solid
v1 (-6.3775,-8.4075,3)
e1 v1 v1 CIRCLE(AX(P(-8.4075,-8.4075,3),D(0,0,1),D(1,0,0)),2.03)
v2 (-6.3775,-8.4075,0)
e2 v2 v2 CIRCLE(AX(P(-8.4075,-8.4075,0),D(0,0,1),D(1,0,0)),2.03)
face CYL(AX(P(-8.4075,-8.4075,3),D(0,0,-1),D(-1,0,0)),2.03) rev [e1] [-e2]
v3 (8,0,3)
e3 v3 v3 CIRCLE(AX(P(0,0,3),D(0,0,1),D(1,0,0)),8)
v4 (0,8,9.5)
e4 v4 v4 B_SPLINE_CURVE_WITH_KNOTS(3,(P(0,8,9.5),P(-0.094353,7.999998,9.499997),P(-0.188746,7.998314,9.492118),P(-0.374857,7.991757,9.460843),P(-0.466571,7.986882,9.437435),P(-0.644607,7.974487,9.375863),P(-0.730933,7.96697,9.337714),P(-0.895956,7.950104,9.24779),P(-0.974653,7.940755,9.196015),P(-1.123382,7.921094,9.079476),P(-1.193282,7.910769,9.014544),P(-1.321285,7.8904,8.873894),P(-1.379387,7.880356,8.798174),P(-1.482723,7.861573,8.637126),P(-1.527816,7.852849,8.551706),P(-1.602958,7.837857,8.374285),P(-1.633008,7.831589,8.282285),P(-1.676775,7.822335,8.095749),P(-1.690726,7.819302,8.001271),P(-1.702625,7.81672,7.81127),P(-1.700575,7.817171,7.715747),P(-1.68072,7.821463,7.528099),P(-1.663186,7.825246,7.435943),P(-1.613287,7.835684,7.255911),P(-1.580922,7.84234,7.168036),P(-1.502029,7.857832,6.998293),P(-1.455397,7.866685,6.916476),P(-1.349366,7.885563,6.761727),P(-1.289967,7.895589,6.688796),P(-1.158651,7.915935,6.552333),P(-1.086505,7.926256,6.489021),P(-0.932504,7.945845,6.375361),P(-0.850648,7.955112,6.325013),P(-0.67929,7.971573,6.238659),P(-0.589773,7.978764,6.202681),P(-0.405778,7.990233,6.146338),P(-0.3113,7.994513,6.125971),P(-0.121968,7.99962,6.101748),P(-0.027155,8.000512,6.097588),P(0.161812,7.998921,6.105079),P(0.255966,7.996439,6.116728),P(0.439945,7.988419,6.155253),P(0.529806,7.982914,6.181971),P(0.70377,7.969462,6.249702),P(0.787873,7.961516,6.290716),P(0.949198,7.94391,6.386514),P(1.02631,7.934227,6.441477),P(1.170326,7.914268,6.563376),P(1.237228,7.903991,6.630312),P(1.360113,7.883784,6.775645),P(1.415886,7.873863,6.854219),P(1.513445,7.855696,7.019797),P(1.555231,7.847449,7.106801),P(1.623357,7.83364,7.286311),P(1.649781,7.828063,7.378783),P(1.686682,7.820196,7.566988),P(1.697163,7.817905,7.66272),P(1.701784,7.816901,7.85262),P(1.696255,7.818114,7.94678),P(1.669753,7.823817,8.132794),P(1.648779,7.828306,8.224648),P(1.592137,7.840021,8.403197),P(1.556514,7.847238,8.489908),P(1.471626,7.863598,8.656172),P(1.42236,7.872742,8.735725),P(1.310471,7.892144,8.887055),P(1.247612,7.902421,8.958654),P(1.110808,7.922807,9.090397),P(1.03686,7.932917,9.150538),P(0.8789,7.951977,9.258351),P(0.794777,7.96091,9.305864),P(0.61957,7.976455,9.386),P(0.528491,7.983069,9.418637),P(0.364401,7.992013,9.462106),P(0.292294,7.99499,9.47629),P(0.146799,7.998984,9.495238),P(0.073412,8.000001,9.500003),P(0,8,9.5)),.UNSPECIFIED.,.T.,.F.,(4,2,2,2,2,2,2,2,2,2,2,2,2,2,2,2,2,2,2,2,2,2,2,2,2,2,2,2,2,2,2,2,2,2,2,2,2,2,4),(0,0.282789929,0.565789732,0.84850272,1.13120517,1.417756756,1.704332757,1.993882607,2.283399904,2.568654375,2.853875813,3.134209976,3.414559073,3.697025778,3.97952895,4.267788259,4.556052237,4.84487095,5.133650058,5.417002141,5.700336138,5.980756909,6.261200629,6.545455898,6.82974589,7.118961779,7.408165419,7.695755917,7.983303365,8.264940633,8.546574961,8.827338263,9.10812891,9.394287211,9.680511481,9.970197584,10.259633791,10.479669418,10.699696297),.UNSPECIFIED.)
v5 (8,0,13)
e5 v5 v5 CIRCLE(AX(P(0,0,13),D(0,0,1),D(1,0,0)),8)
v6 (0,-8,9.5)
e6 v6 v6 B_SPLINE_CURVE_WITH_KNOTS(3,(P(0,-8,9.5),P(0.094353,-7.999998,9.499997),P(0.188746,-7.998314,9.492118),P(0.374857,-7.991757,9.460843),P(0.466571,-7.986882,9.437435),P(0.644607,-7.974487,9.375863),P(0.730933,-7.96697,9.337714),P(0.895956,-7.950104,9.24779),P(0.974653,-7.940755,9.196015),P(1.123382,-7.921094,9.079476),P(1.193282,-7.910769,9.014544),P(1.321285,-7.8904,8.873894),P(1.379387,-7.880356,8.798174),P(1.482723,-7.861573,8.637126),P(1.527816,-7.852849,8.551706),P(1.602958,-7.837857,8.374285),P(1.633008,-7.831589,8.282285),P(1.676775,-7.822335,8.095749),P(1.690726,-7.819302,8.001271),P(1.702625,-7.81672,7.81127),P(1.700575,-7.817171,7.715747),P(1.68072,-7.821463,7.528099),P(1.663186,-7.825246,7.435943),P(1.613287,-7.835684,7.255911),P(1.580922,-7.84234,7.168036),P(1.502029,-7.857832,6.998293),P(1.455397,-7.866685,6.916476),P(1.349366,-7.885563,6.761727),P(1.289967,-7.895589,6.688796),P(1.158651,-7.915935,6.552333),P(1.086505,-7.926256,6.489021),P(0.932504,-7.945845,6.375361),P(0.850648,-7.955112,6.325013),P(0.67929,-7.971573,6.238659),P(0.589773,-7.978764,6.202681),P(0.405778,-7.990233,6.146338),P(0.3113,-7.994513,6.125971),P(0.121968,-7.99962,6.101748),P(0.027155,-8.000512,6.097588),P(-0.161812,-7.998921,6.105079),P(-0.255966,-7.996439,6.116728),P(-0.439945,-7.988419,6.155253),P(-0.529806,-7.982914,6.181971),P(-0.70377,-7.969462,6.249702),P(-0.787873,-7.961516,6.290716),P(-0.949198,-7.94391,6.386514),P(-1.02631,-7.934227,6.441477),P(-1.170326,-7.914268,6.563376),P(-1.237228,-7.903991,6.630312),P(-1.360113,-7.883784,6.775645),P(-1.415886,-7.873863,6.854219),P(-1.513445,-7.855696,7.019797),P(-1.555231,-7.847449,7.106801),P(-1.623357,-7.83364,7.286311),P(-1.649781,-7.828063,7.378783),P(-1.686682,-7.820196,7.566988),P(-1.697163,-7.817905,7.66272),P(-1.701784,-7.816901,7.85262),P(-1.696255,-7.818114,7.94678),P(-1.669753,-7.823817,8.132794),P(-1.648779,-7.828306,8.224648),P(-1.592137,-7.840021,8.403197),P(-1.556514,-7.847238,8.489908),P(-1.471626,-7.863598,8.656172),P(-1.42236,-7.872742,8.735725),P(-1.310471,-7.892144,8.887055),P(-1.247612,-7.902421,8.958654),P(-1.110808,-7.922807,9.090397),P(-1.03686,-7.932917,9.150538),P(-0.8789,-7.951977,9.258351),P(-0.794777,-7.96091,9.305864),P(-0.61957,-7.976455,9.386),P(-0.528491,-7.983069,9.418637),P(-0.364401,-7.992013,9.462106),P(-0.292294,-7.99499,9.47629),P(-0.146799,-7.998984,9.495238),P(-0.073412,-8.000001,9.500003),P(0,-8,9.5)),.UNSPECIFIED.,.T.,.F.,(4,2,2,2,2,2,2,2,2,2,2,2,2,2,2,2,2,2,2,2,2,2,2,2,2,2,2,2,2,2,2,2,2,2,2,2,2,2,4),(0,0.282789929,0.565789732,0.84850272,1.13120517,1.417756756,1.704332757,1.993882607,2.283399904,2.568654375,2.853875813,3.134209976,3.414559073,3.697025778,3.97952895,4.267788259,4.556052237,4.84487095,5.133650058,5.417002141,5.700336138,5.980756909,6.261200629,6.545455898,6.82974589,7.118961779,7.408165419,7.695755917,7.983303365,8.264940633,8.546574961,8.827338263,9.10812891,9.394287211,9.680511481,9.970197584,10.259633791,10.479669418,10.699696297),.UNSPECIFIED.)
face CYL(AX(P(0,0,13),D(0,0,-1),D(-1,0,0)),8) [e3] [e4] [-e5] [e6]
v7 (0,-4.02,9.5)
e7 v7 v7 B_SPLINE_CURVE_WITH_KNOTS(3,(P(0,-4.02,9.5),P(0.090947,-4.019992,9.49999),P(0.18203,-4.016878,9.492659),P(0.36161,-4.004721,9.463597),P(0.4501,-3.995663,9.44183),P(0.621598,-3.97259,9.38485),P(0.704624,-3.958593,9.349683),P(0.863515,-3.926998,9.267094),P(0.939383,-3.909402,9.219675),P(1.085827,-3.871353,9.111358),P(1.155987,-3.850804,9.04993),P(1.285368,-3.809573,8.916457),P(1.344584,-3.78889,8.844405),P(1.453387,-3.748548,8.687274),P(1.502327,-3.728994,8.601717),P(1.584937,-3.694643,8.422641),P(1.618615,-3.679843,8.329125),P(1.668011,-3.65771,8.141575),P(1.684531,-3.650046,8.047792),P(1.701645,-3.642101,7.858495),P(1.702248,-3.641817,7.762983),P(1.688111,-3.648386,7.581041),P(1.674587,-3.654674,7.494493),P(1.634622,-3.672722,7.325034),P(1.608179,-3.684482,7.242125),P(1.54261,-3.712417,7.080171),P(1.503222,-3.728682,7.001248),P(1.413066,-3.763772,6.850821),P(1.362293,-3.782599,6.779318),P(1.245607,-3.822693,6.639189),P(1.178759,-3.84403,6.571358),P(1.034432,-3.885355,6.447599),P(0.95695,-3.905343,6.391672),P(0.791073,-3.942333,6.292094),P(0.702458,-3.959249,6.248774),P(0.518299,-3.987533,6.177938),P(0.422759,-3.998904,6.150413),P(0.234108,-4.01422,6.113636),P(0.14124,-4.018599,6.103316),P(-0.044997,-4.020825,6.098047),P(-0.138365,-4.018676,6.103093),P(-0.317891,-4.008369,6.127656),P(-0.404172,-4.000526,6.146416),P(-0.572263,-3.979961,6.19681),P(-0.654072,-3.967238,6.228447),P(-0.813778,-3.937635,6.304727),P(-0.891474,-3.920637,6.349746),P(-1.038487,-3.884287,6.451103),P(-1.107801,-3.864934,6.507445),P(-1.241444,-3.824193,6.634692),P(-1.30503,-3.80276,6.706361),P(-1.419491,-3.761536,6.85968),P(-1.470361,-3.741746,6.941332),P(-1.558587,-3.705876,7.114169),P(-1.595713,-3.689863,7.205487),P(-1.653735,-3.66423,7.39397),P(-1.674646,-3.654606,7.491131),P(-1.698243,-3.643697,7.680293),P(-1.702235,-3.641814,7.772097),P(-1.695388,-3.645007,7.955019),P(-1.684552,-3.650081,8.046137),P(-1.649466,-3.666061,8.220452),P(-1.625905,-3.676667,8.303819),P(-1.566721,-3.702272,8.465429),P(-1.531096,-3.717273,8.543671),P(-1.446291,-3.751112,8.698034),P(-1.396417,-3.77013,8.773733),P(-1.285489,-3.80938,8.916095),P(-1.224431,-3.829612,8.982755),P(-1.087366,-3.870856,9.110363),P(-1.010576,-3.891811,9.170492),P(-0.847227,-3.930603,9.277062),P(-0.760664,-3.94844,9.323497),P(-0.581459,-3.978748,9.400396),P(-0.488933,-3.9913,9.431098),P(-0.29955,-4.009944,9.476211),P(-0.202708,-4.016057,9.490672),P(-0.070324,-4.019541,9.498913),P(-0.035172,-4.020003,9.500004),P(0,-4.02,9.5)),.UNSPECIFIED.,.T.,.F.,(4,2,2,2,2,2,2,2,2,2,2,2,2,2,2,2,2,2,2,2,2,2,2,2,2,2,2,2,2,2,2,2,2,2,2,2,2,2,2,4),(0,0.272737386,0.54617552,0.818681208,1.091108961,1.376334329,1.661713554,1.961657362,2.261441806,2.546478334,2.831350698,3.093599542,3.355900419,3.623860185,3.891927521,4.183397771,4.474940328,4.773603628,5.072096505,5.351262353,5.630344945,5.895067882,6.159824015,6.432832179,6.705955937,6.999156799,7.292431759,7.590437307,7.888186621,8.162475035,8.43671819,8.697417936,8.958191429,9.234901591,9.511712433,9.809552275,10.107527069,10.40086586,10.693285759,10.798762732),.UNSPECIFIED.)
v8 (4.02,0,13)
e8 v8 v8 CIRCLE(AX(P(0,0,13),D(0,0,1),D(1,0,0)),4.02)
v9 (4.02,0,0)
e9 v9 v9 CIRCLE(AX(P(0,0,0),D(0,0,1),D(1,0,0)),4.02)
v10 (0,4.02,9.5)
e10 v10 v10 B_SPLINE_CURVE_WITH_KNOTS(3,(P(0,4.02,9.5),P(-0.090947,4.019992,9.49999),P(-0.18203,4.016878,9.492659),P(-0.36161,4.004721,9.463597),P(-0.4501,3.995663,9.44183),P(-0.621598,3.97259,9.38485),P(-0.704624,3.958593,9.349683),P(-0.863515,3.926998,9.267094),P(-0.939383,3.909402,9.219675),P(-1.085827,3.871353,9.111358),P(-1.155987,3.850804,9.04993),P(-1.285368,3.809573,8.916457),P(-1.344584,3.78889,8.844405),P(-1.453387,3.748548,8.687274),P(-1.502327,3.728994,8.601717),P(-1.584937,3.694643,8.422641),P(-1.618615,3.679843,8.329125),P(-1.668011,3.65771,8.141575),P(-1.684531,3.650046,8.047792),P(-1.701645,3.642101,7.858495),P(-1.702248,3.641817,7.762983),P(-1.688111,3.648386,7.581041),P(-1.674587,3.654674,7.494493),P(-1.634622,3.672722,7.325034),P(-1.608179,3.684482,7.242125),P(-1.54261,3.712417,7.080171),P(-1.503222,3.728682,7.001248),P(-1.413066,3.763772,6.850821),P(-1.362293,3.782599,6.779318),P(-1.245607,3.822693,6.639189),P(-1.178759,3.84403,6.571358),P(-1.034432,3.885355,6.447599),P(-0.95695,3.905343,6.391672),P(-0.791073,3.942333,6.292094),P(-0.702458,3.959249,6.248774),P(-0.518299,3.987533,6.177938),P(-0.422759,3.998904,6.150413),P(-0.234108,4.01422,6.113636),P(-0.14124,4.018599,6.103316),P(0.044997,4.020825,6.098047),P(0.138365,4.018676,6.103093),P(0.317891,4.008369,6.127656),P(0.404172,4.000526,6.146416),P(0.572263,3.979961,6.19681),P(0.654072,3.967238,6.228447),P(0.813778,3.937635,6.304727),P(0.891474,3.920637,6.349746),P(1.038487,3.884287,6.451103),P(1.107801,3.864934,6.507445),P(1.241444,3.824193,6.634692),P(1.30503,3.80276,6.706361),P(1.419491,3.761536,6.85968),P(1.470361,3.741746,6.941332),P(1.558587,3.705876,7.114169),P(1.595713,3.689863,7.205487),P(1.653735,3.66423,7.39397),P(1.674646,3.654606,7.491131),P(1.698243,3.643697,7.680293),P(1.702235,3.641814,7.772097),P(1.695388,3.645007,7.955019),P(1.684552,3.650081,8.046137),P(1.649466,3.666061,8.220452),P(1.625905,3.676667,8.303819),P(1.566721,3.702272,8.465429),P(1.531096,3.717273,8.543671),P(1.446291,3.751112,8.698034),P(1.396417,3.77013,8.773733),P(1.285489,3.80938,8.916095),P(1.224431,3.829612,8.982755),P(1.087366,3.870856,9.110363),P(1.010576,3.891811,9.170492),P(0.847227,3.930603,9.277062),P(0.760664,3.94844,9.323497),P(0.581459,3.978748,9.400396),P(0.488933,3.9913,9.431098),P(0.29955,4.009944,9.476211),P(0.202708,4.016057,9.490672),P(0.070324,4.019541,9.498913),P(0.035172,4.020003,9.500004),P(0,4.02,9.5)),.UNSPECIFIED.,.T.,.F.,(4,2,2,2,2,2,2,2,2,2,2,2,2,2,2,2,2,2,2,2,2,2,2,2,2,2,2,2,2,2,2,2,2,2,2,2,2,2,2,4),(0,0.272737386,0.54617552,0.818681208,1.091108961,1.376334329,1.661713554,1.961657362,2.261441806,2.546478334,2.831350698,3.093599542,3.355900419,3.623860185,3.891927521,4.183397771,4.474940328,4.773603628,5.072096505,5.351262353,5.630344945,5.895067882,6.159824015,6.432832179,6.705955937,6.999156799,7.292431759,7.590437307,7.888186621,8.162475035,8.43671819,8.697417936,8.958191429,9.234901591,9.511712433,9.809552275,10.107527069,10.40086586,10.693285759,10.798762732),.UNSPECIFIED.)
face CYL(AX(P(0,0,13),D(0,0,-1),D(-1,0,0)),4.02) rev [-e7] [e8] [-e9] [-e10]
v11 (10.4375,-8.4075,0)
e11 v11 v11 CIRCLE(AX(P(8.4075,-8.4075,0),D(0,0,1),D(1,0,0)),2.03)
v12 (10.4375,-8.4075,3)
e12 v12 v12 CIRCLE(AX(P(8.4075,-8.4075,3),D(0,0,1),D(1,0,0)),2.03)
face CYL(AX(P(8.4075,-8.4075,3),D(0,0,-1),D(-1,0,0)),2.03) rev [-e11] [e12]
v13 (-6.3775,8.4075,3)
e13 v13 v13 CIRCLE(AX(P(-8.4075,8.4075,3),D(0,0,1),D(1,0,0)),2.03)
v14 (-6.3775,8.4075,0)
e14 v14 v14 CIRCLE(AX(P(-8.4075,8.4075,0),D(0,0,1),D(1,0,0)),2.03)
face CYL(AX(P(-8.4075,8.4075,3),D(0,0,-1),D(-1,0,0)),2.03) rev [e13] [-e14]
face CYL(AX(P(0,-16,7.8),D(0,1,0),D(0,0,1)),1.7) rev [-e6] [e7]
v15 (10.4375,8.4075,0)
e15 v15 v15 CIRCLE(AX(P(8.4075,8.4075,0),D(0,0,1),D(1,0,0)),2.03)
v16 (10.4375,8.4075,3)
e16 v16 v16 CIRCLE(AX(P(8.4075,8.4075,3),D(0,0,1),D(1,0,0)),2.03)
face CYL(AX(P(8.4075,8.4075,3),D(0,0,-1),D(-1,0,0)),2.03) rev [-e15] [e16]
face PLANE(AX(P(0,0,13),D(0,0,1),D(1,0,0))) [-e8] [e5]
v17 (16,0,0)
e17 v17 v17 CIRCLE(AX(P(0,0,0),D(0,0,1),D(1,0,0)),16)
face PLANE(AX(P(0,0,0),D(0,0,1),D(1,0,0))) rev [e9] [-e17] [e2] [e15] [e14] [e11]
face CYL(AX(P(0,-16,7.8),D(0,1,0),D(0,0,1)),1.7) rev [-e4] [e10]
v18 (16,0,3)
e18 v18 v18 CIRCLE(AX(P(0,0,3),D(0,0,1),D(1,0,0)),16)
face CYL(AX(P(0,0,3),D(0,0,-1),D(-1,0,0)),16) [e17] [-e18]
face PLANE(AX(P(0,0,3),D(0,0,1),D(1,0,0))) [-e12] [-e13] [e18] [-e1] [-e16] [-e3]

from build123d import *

# Parameters (mm, degrees)
ESQUISSE1_R                  = 16
ESQUISSE1_R_2                = 2.03
BOSS_EXTRU_1_DEPTH           = 3
ESQUISSE2_R                  = 8
ESQUISSE2_R_2                = 4.02
BOSS_EXTRU_2_DEPTH           = 10
ESQUISSE3_R                  = 4.02
ENL_V_MAT_EXTRU_1_DEPTH      = 27.095976701
ENL_V_MAT_EXTRU_2_DEPTH      = 27.095976701
ENL_V_MAT_EXTRU_2_DEPTH_BACK = 27.095976701
ESQUISSE4_R                  = 1.7


with BuildPart() as part:
    # Esquisse1 → Boss.-Extru.1 (new body)
    with BuildSketch(Plane.XY):
        Circle(ESQUISSE1_R)
        with Locations((-8.407499628, 8.407499628)):
            Circle(ESQUISSE1_R_2, mode=Mode.SUBTRACT)
        with Locations((8.407499628, 8.407499628)):
            Circle(ESQUISSE1_R_2, mode=Mode.SUBTRACT)
        with Locations((8.407499628, -8.407499628)):
            Circle(ESQUISSE1_R_2, mode=Mode.SUBTRACT)
        with Locations((-8.407499628, -8.407499628)):
            Circle(ESQUISSE1_R_2, mode=Mode.SUBTRACT)
    extrude(amount=BOSS_EXTRU_1_DEPTH)

    # Esquisse2 → Boss.-Extru.2 (add)
    with BuildSketch(Plane.XY.offset(3)):
        Circle(ESQUISSE2_R)
        Circle(ESQUISSE2_R_2, mode=Mode.SUBTRACT)
    extrude(amount=BOSS_EXTRU_2_DEPTH)

    # Esquisse3 → Enlèv. mat.-Extru.1 (cut, through all)
    with BuildSketch(Plane.XY.offset(13)):
        Circle(ESQUISSE3_R)
    extrude(amount=-ENL_V_MAT_EXTRU_1_DEPTH, mode=Mode.SUBTRACT)

    # Esquisse4 → Enlèv. mat.-Extru.2 (cut, two sides: drawn at the far end of the back side and taken through both)
    with BuildSketch(Plane(origin=(0, 0, 0), x_dir=(1, 0, 0), z_dir=(0, 1, 0)).offset(-ENL_V_MAT_EXTRU_2_DEPTH_BACK)):
        with Locations(Location((0, -7.8, 0), (0, 0, 270))):
            Circle(ESQUISSE4_R)
    extrude(amount=ENL_V_MAT_EXTRU_2_DEPTH + ENL_V_MAT_EXTRU_2_DEPTH_BACK, mode=Mode.SUBTRACT)


solid = part.part
